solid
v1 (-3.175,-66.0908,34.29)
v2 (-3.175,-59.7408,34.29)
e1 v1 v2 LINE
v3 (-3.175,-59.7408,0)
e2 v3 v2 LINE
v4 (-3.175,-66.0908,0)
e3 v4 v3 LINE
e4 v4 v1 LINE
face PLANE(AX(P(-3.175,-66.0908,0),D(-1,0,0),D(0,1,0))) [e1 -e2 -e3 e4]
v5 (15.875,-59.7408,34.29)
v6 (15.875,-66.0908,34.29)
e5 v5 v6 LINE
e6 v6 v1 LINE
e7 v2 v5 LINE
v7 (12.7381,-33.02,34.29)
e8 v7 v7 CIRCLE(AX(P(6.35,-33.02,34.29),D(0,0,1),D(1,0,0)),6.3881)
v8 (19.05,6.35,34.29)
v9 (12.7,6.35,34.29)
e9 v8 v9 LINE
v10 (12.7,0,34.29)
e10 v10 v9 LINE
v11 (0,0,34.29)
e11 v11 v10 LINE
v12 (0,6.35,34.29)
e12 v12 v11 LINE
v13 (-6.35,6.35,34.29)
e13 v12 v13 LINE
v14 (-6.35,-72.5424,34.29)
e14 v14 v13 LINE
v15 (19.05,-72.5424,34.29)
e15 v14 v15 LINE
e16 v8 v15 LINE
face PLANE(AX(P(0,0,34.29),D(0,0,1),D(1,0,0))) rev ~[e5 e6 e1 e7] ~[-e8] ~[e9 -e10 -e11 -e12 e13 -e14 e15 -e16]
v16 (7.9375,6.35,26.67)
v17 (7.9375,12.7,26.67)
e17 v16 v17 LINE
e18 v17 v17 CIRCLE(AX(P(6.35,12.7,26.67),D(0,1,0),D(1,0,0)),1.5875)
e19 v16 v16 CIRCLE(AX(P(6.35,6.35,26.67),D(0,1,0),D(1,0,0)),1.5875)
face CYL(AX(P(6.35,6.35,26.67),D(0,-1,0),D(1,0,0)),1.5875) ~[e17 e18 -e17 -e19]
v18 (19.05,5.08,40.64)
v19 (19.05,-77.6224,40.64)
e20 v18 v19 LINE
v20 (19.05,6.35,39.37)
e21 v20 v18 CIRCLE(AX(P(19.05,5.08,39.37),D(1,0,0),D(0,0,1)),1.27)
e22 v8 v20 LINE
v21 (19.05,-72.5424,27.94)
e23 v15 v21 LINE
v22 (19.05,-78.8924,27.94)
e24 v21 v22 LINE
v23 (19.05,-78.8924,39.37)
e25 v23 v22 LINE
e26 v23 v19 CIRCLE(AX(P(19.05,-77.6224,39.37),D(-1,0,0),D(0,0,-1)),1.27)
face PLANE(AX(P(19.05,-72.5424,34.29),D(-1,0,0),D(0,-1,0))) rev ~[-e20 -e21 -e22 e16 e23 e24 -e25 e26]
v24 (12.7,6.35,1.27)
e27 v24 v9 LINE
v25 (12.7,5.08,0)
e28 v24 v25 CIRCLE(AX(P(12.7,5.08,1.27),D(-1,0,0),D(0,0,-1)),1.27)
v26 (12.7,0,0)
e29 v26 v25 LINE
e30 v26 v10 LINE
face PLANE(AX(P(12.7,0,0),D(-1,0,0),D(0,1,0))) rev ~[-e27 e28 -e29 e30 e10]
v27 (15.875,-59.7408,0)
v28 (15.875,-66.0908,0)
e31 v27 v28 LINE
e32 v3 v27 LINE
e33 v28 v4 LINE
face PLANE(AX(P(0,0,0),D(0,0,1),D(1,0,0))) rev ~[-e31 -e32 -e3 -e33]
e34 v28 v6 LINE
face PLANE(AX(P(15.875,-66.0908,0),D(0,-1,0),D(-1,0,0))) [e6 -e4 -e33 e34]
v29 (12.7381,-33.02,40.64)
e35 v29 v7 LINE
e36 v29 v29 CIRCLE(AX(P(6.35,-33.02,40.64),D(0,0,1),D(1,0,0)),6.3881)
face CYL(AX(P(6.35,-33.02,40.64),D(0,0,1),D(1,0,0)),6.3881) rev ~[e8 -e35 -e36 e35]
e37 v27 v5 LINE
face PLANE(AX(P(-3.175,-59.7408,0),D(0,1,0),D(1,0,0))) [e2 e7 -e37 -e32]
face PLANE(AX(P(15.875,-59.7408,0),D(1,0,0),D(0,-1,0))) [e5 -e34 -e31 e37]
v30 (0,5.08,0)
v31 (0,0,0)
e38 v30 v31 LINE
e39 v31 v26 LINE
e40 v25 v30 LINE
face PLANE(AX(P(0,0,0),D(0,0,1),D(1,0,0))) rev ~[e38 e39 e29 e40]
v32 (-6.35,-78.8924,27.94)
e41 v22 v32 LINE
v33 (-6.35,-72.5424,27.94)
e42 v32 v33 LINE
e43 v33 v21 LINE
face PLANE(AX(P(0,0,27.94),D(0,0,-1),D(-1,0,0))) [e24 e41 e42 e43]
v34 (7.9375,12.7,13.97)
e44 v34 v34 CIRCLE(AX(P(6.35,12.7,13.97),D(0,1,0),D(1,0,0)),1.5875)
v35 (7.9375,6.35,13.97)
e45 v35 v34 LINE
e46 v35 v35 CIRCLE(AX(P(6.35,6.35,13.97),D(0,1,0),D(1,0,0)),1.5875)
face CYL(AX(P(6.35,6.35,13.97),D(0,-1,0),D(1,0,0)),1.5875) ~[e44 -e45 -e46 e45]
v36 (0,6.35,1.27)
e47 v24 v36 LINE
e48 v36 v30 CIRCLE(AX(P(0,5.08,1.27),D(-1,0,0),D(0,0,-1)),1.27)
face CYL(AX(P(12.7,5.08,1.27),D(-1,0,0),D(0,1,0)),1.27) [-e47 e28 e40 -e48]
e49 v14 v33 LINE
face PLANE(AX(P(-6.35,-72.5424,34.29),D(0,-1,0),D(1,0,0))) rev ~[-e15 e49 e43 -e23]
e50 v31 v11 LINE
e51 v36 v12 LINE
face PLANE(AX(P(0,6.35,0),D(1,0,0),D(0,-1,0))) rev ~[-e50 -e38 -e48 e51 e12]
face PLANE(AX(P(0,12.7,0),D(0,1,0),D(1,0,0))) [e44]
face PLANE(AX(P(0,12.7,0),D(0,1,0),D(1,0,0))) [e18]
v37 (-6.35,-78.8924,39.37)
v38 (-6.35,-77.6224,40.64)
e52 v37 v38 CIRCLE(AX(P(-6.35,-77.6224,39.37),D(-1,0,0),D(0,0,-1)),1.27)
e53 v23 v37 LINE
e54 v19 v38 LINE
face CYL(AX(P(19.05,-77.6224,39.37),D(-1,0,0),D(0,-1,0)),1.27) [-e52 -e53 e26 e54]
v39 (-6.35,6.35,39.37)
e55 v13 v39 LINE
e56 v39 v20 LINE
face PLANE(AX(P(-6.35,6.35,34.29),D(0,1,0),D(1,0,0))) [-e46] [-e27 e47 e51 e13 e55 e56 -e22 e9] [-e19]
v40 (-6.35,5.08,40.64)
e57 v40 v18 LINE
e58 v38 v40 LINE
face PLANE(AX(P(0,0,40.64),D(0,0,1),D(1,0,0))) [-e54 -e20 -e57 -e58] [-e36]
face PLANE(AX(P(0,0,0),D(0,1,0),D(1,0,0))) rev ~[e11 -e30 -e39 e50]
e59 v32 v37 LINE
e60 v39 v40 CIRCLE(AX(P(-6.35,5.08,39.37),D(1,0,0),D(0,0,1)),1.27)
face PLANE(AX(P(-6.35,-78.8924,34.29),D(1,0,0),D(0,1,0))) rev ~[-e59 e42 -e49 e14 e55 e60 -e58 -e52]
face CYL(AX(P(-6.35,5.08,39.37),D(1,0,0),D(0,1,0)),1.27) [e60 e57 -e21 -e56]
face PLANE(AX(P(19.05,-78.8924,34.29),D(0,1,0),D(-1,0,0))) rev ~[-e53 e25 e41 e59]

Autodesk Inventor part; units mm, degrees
ref_plane "YZ Plane" through (0, 0, 0) normal (1, 0, 0) x (0, 1, 0)
ref_plane "XZ Plane" through (0, 0, 0) normal (0, 1, 0) x (-1, 0, 0)
ref_plane "XY Plane" through (0, 0, 0) normal (0, 0, 1) x (1, 0, 0)
sketch "Sketch1" plane through (0, 0, 0) normal (0, 0, 1) x (1, 0, 0)
  line L0 (0, 0) -> (12.7, 0)
  line L1 (12.7, 0) -> (12.7, 6.35)
  line L2 (12.7, 6.35) -> (0, 6.35)
  line L3 (0, 6.35) -> (0, 0)
  line L4 (-3.175, -59.7408) -> (15.875, -59.7408)
  line L5 (15.875, -59.7408) -> (15.875, -66.0908)
  line L6 (15.875, -66.0908) -> (-3.175, -66.0908)
  line L7 (-3.175, -66.0908) -> (-3.175, -59.7408)
  line L8 (-9.525, -59.7408) -> (22.225, -59.7408) construction
  line L9 (15.875, -59.7408) -> (-3.175, -66.0908) construction
  line L10 (-3.175, -59.7408) -> (15.875, -66.0908) construction
  line L11 (6.35, -62.9158) -> (15.875, -62.9158) construction
  point P0 (6.35, 6.35)
  point P1 (6.35, -59.7408)
  dimension "d0" = 12.7
  dimension "d1" = 6.35
  dimension "d2" = 6.35
  dimension "d3" = 31.75
  dimension "d4" = 69.2658
  dimension "d5" = 6.35
  dimension "d6" = 6.35
extrude "Extrusion1" add sketch "Sketch1" along normal blind 34.29
sketch "Sketch2" plane through (0, 0, 34.29) normal (0, 0, 1) x (1, 0, 0)
  line L0 (-6.35, 6.35) -> (19.05, 6.35)
  line L1 (19.05, 6.35) -> (19.05, -78.8924)
  line L2 (19.05, -78.8924) -> (-6.35, -78.8924)
  line L3 (-6.35, -78.8924) -> (-6.35, 6.35)
  line L4 (0, 0) -> (12.7, 0) projected
  line L5 (12.7, 0) -> (12.7, 6.35) projected
  line L6 (12.7, 6.35) -> (0, 6.35) projected
  line L7 (0, 6.35) -> (0, 0) projected
  point P0 (6.35, 6.35)
  point P1 (6.35, 6.35)
  dimension "d9" = 25.4
  dimension "d10" = 85.2424
extrude "Extrusion2" add sketch "Sketch2" along normal blind 6.35
sketch "Sketch3" plane through (0, 0, 34.29) normal (0, 0, -1) x (-1, 0, 0)
  line L0 (-15.875, -66.0908) -> (-15.875, -59.7408) projected
  line L1 (-15.875, -59.7408) -> (3.175, -59.7408) projected
  line L2 (3.175, -59.7408) -> (3.175, -66.0908) projected
  line L3 (3.175, -66.0908) -> (-15.875, -66.0908) projected
  line L4 (-12.7, 0) -> (-12.7, 6.35) projected
  line L5 (-12.7, 6.35) -> (-19.05, 6.35) projected
  line L6 (-19.05, 6.35) -> (-19.05, -78.8924) projected
  line L7 (-19.05, -78.8924) -> (6.35, -78.8924) projected
  line L8 (6.35, -78.8924) -> (6.35, 6.35) projected
  line L9 (6.35, 6.35) -> (0, 6.35) projected
  line L10 (0, 6.35) -> (0, 0) projected
  line L11 (0, 0) -> (-12.7, 0) projected
  line L12 (6.35, 6.35) -> (6.35, -78.8924) projected
  line L13 (-19.05, -78.8924) -> (6.35, -78.8924)
  line L14 (6.35, -78.8924) -> (6.35, -72.5424)
  line L15 (6.35, -72.5424) -> (-19.05, -72.5424)
  line L16 (-19.05, -72.5424) -> (-19.05, -78.8924)
  dimension "d13" = 6.35
extrude "Extrusion3" add sketch "Sketch3" along normal blind 6.35 contours L15 L8 L7 L6
sketch "Sketch4" plane through (0, 6.35, 0) normal (0, 1, 0) x (1, 0, 0)
  line L0 (12.7, 0) -> (0, 0) projected
  line L1 (0, 0) -> (0, -34.29) projected
  line L2 (-6.35, -34.29) -> (0, -34.29) projected
  line L3 (-6.35, -34.29) -> (-6.35, -40.64) projected
  line L4 (19.05, -40.64) -> (-6.35, -40.64) projected
  line L5 (19.05, -34.29) -> (19.05, -40.64) projected
  line L6 (12.7, -34.29) -> (19.05, -34.29) projected
  line L7 (12.7, 0) -> (12.7, -34.29) projected
  line L8 (15.875, 0) -> (-3.175, 0) construction
  line L9 (6.35, 0) -> (6.35, -40.64) construction
  line L10 (-6.35, -40.64) -> (19.05, -40.64) construction
  line L11 (0, -34.29) -> (0, -40.64) construction
  line L12 (12.7, -34.29) -> (12.7, -40.64) construction
  line L13 (12.7, -40.64) -> (0, 0) construction
  line L14 (0, -40.64) -> (12.7, 0) construction
  circle A0 centre (6.35, -26.67) radius 1.5875
  circle A1 centre (6.35, -13.97) radius 1.5875
  line L15 (6.35, -20.32) -> (0, -20.32) construction
  point P0 (0, 0)
  dimension "d16" = 3.175
  dimension "d17" = 6.35
  dimension "d18" = 6.35
extrude "Extrusion4" add sketch "Sketch4" along normal blind 6.35 contours A0 | A1
sketch "Sketch5" plane through (0, 0, 40.64) normal (0, 0, 1) x (1, 0, 0)
  line L0 (19.05, 6.35) -> (-6.35, 6.35) projected
  line L1 (-6.35, 6.35) -> (-6.35, -78.8924) projected
  line L2 (-6.35, -78.8924) -> (19.05, -78.8924) projected
  line L3 (19.05, -78.8924) -> (19.05, 6.35) projected
  circle A0 centre (6.35, -33.02) radius 6.3881
  point P0 (0, 0)
  point P1 (6.35, 6.35)
  dimension "d21" = 12.7762
  dimension "d22" = 39.37
extrude "Extrusion5" cut sketch "Sketch5" against normal up to surface (6.35 mm away) contours A0
fillet "Fillet2" radius 1.27 3 edges at (6.35, 6.35, 40.64) (6.35, -78.8924, 40.64) (6.35, 6.35, 0)
equation "\"d6\" = d5"
equation "\"d18\" = d17"
properties part number "Spool Holder Cap Section Mk1"
